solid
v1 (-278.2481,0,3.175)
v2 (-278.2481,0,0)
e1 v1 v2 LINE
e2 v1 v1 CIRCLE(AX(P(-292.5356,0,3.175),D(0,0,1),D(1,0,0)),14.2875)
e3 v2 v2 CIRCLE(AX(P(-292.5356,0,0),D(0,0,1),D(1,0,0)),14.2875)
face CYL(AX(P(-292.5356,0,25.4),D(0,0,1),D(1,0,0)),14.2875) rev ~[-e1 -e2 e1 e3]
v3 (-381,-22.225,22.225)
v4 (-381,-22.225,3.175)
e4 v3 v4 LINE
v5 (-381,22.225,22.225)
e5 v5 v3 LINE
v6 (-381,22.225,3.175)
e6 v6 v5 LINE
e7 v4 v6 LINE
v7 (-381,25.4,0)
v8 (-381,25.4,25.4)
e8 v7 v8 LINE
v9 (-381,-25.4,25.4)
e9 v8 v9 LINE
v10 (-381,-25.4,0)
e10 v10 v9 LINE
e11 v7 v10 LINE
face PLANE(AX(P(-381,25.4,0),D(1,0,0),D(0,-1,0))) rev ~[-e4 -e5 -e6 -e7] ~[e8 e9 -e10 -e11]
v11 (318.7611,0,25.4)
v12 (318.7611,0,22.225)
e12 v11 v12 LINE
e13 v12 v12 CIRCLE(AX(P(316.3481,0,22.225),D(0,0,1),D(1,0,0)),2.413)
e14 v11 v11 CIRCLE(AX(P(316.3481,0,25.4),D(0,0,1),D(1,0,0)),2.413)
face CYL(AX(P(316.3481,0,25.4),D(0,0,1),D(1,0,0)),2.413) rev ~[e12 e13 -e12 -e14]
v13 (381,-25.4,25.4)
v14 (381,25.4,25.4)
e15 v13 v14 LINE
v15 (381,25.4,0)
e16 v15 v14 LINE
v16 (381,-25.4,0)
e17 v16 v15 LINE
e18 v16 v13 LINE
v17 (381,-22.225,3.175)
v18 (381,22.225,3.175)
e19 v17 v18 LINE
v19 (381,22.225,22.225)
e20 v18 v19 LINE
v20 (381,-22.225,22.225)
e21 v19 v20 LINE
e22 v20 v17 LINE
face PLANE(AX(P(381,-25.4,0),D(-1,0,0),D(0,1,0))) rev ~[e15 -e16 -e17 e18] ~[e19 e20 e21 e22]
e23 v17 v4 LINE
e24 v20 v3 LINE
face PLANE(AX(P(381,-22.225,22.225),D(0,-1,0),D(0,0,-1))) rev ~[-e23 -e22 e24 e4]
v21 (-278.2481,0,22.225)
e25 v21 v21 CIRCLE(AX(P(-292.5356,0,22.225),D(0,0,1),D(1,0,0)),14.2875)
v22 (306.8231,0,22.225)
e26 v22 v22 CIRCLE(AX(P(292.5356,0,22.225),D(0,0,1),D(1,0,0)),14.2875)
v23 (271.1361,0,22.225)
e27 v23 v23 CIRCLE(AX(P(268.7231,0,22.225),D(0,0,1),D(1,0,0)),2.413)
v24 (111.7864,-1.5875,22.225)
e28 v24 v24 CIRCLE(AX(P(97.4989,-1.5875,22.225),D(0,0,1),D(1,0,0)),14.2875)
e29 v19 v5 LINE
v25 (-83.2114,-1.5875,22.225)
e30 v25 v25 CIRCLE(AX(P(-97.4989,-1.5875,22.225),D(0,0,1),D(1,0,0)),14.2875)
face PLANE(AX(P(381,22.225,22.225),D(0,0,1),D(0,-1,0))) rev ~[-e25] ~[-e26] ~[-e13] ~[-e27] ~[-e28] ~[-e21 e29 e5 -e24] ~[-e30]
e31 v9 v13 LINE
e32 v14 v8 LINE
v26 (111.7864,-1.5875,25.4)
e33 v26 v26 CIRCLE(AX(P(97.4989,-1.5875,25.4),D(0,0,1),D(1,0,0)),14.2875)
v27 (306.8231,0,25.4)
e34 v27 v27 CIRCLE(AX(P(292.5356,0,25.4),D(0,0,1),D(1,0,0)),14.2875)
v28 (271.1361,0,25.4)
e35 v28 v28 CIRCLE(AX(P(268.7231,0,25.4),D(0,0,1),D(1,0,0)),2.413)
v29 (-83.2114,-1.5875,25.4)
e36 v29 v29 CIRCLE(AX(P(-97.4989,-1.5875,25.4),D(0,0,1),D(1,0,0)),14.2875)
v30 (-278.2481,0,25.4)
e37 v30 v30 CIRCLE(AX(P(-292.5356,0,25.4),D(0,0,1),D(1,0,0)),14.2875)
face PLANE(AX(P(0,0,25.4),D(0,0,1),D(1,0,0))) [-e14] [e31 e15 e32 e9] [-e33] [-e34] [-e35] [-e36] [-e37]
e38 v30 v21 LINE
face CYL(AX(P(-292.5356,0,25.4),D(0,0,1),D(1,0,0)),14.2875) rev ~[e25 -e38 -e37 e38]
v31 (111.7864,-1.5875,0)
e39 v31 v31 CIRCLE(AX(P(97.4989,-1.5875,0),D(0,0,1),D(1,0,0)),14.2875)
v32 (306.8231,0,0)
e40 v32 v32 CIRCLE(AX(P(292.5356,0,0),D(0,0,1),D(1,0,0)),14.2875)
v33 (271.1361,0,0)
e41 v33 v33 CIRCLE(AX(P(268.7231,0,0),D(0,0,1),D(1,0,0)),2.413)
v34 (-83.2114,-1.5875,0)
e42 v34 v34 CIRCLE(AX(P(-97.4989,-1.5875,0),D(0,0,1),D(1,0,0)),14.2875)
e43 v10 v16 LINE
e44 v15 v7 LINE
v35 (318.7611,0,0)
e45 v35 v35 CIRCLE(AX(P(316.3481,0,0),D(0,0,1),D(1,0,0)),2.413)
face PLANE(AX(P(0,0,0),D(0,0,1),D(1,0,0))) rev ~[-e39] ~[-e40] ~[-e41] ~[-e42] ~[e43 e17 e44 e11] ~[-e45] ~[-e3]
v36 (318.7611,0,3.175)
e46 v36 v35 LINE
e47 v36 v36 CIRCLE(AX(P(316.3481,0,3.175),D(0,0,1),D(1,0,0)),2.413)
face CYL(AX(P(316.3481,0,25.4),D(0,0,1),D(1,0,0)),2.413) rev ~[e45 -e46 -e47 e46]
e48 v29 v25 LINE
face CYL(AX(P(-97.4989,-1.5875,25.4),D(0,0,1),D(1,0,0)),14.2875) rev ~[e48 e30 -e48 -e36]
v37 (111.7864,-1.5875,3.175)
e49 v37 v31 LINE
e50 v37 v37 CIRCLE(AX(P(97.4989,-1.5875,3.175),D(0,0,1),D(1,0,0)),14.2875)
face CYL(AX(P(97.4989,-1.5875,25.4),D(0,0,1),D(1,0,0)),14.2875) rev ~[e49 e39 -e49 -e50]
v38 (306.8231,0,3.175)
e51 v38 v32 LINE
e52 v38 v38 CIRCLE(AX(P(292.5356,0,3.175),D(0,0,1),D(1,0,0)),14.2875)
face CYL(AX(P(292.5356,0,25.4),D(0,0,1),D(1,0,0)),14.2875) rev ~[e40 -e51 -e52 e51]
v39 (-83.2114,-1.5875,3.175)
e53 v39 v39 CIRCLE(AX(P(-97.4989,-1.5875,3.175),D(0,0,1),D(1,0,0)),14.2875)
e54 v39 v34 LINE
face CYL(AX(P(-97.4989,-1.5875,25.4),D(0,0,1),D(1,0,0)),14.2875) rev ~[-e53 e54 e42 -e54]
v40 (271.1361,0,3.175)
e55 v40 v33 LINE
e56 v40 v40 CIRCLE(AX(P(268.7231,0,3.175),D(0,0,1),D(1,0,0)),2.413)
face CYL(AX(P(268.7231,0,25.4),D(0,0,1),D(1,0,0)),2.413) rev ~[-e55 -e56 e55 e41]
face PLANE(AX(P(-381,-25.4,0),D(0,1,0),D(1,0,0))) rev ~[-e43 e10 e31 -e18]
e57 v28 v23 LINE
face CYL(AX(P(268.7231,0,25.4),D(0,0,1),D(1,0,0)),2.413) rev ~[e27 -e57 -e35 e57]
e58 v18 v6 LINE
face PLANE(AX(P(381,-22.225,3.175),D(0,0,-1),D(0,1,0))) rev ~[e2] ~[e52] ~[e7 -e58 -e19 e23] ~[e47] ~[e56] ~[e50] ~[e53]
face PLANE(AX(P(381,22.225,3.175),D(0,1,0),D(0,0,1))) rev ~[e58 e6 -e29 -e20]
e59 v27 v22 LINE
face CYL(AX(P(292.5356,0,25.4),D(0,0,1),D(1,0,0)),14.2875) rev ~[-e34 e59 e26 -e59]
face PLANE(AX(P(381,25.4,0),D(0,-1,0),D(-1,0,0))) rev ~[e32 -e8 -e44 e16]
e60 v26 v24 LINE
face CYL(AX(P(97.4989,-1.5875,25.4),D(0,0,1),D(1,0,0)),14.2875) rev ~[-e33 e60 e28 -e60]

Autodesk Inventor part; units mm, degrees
ref_plane "YZ Plane" through (0, 0, 0) normal (1, 0, 0) x (0, 1, 0)
ref_plane "XZ Plane" through (0, 0, 0) normal (0, 1, 0) x (-1, 0, 0)
ref_plane "XY Plane" through (0, 0, 0) normal (0, 0, 1) x (1, 0, 0)
sketch "Sketch1" plane through (0, 0, 0) normal (0, 0, 1) x (1, 0, 0)
  line L0 (-381, -25.4) -> (381, -25.4)
  line L1 (381, -25.4) -> (381, 25.4)
  line L2 (381, 25.4) -> (-381, 25.4)
  line L3 (-381, 25.4) -> (-381, -25.4)
  line L4 (-381, -25.4) -> (381, 25.4) construction
  line L5 (381, -25.4) -> (-381, 25.4) construction
  point P0 (0, 0)
  dimension "d0" = 762
  dimension "d1" = 50.8
extrude "Extrusion1" add sketch "Sketch1" along normal blind 25.4
sketch "Sketch2" plane through (381, -25.4, 0) normal (1, 0, 0) x (0, 0, -1)
  line L0 (-25.4, 0) -> (-25.4, 50.8) projected
  line L1 (-25.4, 50.8) -> (0, 50.8)
  line L2 (0, 50.8) -> (0, 0)
  line L3 (0, 0) -> (-25.4, 0)
  line L4 (-25.4, 0) -> (-25.4, 50.8)
  line L5 (-3.175, 47.625) -> (-22.225, 47.625)
  line L6 (-22.225, 47.625) -> (-22.225, 3.175)
  line L7 (-22.225, 3.175) -> (-3.175, 3.175)
  line L8 (-3.175, 3.175) -> (-3.175, 47.625)
  point P0 (0, 25.4)
  dimension "d4" = 3.175
extrude "Extrusion2" cut sketch "Sketch2" against normal blind 762 contours L8 L7 L6 L5
sketch "Sketch3" plane through (0, 0, 25.4) normal (0, 0, 1) x (1, 0, 0)
  circle A0 centre (-292.5356, 0) radius 14.2875
  circle A1 centre (292.5356, 0) radius 14.2875
  line L0 (381, 25.4) -> (-381, 25.4) projected
  line L1 (0, 25.4) -> (0, -25.4)
  line L2 (-381, -25.4) -> (381, -25.4) projected
  dimension "d40" = 292.5356
  dimension "d41" = 292.5356
extrude "Extrusion3" cut sketch "Sketch3" against normal blind 25.4
sketch "Sketch5" plane through (0, 0, 25.4) normal (0, 0, 1) x (1, 0, 0)
  point P0 (0, 0)
sketch "Sketch6" plane through (0, 0, 25.4) normal (0, 0, 1) x (1, 0, 0)
  circle A0 centre (97.4989, -1.5875) radius 14.2875
  circle A1 centre (-97.4989, -1.5875) radius 14.2875
  line L0 (381, 25.4) -> (-381, 25.4) projected
  point P0 (0, 0)
  dimension "d28" = 97.5119
  dimension "d29" = 97.5119
  dimension "d30" = 28.575
  dimension "d31" = 28.575
  dimension "d34" = 26.9875
  dimension "d35" = 26.9875
extrude "Extrusion5" cut sketch "Sketch6" against normal blind 25.4
sketch "Sketch8" plane through (0, 0, 25.4) normal (0, 0, 1) x (1, 0, 0)
  circle A0 centre (268.7231, 0) radius 2.413
  circle A1 centre (316.3481, 0) radius 2.413
  circle A2 centre (292.5356, 0) radius 14.2875 projected
  point P0 (0, 0)
  dimension "d42" = 47.625
  dimension "d43" = 23.8125
  dimension "d44" = 4.826
  dimension "d45" = 4.826
extrude "Extrusion7" cut sketch "Sketch8" against normal blind 25.4 contours A0 | A1
properties part number "30inchbarchassis" material "Aluminum 6061"
